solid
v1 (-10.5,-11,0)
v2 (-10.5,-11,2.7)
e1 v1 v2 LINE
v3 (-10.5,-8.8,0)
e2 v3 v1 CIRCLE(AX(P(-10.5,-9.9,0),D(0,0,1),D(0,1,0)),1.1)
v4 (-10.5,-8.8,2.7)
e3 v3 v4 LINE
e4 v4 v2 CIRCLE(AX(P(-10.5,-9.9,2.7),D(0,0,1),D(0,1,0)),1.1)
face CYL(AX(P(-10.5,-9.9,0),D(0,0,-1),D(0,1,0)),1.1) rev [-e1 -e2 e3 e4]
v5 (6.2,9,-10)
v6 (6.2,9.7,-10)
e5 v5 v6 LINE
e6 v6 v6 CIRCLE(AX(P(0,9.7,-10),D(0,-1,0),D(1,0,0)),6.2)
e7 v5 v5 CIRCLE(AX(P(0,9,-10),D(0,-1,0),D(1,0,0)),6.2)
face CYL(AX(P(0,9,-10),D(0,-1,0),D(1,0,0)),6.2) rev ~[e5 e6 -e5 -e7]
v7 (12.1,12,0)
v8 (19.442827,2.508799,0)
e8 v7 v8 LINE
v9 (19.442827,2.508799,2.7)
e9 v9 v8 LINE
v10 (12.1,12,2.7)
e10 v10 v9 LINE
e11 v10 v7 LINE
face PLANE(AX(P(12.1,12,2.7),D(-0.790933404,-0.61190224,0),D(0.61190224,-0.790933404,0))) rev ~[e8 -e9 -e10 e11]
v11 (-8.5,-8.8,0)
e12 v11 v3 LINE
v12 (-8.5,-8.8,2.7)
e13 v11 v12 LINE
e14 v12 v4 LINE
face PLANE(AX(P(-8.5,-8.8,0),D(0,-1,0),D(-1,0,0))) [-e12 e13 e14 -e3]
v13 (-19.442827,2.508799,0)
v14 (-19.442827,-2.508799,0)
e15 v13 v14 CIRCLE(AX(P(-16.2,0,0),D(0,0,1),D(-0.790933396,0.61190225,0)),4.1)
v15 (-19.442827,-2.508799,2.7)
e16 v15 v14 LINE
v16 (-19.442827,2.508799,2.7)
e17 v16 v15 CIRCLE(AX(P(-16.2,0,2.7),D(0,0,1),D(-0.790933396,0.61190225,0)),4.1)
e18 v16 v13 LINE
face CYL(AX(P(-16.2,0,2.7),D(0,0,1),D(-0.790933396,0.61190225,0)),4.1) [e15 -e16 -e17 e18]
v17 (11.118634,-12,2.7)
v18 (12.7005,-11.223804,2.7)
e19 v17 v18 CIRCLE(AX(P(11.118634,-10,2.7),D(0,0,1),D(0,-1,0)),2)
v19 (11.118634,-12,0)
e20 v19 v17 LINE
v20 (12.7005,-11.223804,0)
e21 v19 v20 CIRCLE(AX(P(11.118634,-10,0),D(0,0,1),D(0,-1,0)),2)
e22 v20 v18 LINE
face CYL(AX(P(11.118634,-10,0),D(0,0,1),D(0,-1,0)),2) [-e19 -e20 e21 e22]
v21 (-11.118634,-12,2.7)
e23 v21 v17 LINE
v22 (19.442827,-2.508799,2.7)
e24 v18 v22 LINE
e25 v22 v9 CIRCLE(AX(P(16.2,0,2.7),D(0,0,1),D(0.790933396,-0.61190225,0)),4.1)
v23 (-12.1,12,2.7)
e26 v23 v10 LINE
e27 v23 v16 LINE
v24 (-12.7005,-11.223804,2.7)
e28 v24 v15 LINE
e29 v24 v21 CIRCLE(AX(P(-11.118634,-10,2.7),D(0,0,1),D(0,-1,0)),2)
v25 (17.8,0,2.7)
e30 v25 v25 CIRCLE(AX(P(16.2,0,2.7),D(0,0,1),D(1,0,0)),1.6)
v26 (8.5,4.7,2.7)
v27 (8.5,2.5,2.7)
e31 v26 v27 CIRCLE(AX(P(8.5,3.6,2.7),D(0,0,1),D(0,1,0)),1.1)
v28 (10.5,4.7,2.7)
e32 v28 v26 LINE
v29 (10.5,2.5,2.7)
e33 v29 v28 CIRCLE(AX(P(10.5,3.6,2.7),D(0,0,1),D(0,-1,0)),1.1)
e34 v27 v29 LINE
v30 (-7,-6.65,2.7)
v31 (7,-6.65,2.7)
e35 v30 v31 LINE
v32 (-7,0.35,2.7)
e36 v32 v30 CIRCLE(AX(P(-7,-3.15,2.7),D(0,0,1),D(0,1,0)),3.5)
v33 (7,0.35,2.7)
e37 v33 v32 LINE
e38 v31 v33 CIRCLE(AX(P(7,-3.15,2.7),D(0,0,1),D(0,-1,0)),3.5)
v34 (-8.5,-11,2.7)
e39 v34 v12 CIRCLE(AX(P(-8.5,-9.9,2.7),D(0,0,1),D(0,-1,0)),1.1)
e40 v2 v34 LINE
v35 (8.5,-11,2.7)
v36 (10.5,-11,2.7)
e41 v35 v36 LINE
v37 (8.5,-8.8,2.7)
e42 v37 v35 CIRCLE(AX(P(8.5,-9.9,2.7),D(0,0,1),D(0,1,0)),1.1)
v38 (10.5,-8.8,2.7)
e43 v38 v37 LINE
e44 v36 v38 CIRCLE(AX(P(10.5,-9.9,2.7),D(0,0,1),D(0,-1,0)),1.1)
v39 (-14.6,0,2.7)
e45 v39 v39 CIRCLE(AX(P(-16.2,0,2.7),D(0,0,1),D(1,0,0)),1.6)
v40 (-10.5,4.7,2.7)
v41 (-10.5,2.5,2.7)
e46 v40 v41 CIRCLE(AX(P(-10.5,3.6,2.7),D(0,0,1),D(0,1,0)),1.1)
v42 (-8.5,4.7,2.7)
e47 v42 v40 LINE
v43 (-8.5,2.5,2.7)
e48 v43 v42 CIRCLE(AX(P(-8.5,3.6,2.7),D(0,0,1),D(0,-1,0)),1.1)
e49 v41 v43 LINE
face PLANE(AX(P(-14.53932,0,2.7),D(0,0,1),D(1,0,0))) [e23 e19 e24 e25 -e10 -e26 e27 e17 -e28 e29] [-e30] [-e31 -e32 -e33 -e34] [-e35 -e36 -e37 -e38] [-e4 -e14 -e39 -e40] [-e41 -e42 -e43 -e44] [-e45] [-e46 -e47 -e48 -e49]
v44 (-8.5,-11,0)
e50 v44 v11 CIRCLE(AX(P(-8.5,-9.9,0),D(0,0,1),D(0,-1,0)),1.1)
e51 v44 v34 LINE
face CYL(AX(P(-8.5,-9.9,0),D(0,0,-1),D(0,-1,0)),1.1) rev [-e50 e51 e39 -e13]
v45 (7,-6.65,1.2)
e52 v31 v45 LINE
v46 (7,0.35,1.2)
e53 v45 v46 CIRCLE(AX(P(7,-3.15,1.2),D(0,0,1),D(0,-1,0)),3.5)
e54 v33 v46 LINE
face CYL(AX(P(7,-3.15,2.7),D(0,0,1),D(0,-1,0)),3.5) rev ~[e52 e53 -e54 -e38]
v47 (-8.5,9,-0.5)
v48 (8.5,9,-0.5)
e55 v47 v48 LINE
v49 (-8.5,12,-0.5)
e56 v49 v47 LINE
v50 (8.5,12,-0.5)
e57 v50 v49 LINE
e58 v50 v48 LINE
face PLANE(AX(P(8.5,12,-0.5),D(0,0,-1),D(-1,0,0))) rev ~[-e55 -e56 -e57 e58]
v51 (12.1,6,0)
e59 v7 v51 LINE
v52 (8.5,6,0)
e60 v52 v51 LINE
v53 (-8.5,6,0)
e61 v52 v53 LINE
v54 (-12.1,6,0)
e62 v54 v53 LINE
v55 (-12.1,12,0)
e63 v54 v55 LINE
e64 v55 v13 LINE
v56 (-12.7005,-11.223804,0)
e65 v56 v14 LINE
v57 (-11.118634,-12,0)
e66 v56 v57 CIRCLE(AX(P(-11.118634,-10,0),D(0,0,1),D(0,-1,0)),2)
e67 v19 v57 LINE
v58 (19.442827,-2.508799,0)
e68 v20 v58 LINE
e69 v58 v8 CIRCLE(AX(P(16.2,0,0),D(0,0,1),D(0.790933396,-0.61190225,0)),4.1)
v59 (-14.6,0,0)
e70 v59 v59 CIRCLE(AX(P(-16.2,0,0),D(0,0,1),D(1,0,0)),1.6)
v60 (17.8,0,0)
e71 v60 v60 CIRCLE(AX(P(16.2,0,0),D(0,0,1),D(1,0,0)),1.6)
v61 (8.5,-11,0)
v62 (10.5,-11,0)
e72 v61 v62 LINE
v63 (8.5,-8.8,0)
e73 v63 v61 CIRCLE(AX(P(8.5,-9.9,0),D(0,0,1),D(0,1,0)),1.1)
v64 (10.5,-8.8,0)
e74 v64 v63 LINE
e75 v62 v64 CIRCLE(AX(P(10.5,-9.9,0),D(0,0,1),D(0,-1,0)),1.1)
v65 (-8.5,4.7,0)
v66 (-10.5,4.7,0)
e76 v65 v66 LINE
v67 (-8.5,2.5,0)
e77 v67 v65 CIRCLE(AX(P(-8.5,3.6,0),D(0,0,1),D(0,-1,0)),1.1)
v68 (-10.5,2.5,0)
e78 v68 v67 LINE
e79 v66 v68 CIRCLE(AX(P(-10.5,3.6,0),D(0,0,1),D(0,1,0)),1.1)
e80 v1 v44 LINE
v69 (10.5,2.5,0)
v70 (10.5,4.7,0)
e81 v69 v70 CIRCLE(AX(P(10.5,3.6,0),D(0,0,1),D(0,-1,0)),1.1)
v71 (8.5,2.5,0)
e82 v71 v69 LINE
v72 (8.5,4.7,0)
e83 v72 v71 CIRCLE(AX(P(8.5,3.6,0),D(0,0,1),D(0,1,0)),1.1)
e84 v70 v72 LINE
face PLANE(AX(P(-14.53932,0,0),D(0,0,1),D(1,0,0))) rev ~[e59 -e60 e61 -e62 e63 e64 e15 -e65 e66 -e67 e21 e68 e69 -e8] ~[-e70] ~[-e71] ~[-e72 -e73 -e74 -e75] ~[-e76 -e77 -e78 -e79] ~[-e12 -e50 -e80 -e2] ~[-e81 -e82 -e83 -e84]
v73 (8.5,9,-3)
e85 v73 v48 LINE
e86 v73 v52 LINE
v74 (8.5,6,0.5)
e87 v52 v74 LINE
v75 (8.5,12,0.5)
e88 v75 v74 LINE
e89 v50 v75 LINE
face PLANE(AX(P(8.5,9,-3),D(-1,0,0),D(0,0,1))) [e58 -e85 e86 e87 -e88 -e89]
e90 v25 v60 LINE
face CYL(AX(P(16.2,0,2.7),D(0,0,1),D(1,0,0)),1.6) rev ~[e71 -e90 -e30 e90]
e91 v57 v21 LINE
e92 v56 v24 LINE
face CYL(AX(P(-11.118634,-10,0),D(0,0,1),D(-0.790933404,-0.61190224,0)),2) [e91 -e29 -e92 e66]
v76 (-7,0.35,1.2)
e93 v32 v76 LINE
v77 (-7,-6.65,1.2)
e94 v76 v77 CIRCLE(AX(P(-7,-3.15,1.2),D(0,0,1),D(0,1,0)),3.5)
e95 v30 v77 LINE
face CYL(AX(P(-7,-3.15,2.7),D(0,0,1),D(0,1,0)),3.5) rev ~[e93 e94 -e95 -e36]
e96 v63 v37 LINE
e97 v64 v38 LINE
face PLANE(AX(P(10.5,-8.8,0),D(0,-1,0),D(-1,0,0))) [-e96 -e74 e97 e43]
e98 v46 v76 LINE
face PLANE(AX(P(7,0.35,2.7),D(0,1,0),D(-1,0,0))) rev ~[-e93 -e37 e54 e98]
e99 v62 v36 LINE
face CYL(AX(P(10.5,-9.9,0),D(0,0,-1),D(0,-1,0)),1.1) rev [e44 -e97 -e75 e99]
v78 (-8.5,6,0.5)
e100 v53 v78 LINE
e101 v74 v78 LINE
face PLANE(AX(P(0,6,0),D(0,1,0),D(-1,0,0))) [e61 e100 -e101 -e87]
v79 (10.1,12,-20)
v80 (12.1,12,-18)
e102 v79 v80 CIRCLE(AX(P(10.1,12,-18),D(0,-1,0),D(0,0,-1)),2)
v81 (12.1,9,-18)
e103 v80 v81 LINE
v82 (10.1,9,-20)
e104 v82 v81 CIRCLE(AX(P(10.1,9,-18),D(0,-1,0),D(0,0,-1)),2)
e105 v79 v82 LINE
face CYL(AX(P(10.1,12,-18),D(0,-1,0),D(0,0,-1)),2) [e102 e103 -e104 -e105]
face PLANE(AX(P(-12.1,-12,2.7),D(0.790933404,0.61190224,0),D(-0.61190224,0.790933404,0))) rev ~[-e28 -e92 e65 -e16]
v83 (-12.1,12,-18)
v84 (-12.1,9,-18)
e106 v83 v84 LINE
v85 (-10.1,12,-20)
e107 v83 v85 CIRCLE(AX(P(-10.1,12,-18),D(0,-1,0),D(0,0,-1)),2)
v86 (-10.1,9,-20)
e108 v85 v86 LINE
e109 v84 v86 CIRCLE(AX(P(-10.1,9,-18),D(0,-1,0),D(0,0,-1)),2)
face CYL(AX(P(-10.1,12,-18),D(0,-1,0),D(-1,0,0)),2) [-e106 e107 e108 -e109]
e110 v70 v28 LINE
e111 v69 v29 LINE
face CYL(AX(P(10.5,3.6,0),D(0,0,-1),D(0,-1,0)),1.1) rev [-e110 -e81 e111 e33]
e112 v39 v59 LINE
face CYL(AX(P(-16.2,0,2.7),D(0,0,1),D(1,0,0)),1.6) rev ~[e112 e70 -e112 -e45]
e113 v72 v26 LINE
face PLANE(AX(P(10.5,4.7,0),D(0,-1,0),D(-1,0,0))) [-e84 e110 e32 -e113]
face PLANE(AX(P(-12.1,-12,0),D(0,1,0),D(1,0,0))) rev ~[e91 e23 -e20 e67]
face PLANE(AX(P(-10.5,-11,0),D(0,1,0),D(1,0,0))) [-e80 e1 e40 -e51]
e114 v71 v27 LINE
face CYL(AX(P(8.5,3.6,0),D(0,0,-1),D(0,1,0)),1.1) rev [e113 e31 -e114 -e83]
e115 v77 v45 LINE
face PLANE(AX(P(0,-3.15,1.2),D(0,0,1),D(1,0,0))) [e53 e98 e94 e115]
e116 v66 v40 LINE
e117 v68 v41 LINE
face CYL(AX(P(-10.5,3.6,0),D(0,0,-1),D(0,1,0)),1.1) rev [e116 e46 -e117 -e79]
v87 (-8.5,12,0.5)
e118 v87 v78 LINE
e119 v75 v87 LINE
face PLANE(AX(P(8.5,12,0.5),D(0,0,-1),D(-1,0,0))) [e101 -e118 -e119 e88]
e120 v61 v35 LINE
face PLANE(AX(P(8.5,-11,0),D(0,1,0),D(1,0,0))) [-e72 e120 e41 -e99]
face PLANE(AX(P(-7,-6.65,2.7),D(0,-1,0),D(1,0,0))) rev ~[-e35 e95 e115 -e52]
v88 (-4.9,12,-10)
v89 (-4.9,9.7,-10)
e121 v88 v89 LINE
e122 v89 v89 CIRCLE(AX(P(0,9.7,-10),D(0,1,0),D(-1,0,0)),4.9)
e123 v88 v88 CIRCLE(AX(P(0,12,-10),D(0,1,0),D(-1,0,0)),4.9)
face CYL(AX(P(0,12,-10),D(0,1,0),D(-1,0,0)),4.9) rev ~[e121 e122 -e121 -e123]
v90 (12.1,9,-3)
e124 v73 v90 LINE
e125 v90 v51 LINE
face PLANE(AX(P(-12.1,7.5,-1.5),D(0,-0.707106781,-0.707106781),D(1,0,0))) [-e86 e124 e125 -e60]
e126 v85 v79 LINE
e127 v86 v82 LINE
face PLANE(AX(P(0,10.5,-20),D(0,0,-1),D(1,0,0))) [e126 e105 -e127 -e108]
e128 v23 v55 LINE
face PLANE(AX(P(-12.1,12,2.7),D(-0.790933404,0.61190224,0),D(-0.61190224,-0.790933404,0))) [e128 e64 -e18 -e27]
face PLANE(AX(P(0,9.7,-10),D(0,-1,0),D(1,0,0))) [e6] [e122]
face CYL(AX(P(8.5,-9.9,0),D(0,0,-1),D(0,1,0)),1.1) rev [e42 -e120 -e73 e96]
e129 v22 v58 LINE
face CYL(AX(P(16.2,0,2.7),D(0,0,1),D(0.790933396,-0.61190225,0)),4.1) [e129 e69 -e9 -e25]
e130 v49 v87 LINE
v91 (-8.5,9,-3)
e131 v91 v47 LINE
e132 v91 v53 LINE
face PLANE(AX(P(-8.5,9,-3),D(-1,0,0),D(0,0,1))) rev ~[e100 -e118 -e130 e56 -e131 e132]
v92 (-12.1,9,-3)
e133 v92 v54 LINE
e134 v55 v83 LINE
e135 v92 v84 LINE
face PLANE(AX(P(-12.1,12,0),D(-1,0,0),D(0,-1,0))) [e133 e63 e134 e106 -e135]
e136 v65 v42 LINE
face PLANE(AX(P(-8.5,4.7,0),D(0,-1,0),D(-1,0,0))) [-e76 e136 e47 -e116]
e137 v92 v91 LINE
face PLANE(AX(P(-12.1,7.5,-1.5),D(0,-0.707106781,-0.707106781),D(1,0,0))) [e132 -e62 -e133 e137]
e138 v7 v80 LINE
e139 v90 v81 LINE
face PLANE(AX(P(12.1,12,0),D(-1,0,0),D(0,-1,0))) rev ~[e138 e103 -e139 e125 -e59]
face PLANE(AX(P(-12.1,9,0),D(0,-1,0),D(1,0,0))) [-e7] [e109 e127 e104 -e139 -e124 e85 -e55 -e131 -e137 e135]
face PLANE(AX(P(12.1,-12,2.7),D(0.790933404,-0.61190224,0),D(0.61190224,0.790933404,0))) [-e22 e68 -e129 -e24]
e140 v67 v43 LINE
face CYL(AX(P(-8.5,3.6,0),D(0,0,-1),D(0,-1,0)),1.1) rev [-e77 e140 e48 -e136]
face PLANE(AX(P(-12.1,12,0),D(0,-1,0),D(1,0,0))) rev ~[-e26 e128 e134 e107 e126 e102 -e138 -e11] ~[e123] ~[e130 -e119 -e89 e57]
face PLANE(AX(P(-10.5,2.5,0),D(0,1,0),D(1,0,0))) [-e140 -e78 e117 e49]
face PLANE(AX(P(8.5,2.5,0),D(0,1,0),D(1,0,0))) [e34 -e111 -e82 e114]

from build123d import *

# Parameters (mm, degrees)
SKETCH_W        = 24.2
SKETCH_H        = 24
PAD_DEPTH       = 2.7
SKETCH001_W     = 24.2
SKETCH001_H     = 3
PAD001_DEPTH    = 20
POCKET_DEPTH    = 1.5
CHAMFER_SIZE    = 3
SKETCH003_W     = 17
SKETCH003_H     = 3
POCKET001_DEPTH = 21.001
SKETCH004_W     = 17
SKETCH004_H     = 1
POCKET002_DEPTH = 6
SKETCH005_R     = 4.9
POCKET003_DEPTH = 2.3
SKETCH006_R     = 6.2
POCKET004_DEPTH = 0.7
SKETCH007_R     = 1.6
PAD002_DEPTH    = 2.7
FILLET_R        = 2


with BuildPart() as part:
    # Sketch → Pad (new body)
    with BuildSketch(Plane.XY):
        Rectangle(SKETCH_W, SKETCH_H)
        with BuildLine():
            ThreePointArc((-10.5, 4.7), (-11.6, 3.6), (-10.5, 2.5))
            Line((-10.5, 2.5), (-8.5, 2.5))
            ThreePointArc((-8.5, 2.5), (-7.4, 3.6), (-8.5, 4.7))
            Line((-8.5, 4.7), (-10.5, 4.7))
        make_face(mode=Mode.SUBTRACT)
        with BuildLine():
            ThreePointArc((-10.5, -8.8), (-11.6, -9.9), (-10.5, -11))
            Line((-10.5, -11), (-8.5, -11))
            ThreePointArc((-8.5, -11), (-7.4, -9.9), (-8.5, -8.8))
            Line((-8.5, -8.8), (-10.5, -8.8))
        make_face(mode=Mode.SUBTRACT)
        with BuildLine():
            ThreePointArc((10.5, -11), (11.6, -9.9), (10.5, -8.8))
            Line((10.5, -8.8), (8.5, -8.8))
            ThreePointArc((8.5, -8.8), (7.4, -9.9), (8.5, -11))
            Line((8.5, -11), (10.5, -11))
        make_face(mode=Mode.SUBTRACT)
        with BuildLine():
            ThreePointArc((10.5, 2.5), (11.6, 3.6), (10.5, 4.7))
            Line((10.5, 4.7), (8.5, 4.7))
            ThreePointArc((8.5, 4.7), (7.4, 3.6), (8.5, 2.5))
            Line((8.5, 2.5), (10.5, 2.5))
        make_face(mode=Mode.SUBTRACT)
    extrude(amount=PAD_DEPTH)

    # Sketch001 (on Face21 of Pad) → Pad001 (join)
    with BuildSketch(Plane(origin=(0, 0, 0), x_dir=(1, 0, 0), z_dir=(0, 0, -1))):
        with Locations((0, -10.5)):
            Rectangle(SKETCH001_W, SKETCH001_H)
    extrude(amount=PAD001_DEPTH)

    # Sketch002 (on Face5 of Pad001) → Pocket (cut)
    with BuildSketch(Plane.XY.offset(2.7)):
        with BuildLine():
            ThreePointArc((-7, 0.35), (-10.5, -3.15), (-7, -6.65))
            Line((-7, -6.65), (7, -6.65))
            ThreePointArc((7, -6.65), (10.5, -3.15), (7, 0.35))
            Line((7, 0.35), (-7, 0.35))
        make_face()
    extrude(amount=-POCKET_DEPTH, mode=Mode.SUBTRACT)

    # Chamfer
    chamfer_edges = [part.edges().sort_by_distance(p)[0] for p in [
        (0, 9, 0),
    ]]
    chamfer(chamfer_edges, length=CHAMFER_SIZE)

    # Sketch003 (on Face25 of Chamfer) → Pocket001 (cut, through all)
    with BuildSketch(Plane.XZ.offset(-9)):
        with Locations((0, -1.5)):
            Rectangle(SKETCH003_W, SKETCH003_H)
    extrude(amount=POCKET001_DEPTH, mode=Mode.SUBTRACT)

    # Sketch004 (on Face6 of Pocket001) → Pocket002 (cut)
    with BuildSketch(Plane(origin=(0, 12, 0), x_dir=(-1, 0, 0), z_dir=(0, 1, 0))):
        Rectangle(SKETCH004_W, SKETCH004_H)
    extrude(amount=-POCKET002_DEPTH, mode=Mode.SUBTRACT)

    # Sketch005 (on Face17 of Pocket002) → Pocket003 (cut)
    with BuildSketch(Plane(origin=(0, 12, 0), x_dir=(-1, 0, 0), z_dir=(0, 1, 0))):
        with Locations((0, -10)):
            Circle(SKETCH005_R)
    extrude(amount=-POCKET003_DEPTH, mode=Mode.SUBTRACT)

    # Sketch006 (on Face15 of Pocket003) → Pocket004 (cut)
    with BuildSketch(Plane.XZ.offset(-9)):
        with Locations((0, -10)):
            Circle(SKETCH006_R)
    extrude(amount=-POCKET004_DEPTH, mode=Mode.SUBTRACT)

    # Sketch007 (on Face5 of Pocket004) → Pad002 (join)
    with BuildSketch(Plane.XY.offset(2.7)):
        with BuildLine():
            ThreePointArc((-19.442827, 2.508799), (-20.3, 0), (-19.442827, -2.508799))
            Line((-12.1, -12), (-19.442827, -2.508799))
            Line((-12.1, -12), (-12.1, 12))
            Line((-12.1, 12), (-19.442827, 2.508799))
        make_face()
        with Locations((-16.2, 0)):
            Circle(SKETCH007_R, mode=Mode.SUBTRACT)
        with BuildLine():
            ThreePointArc((19.442827, -2.508799), (20.3, 0), (19.442827, 2.508799))
            Line((12.1, 12), (19.442827, 2.508799))
            Line((12.1, 12), (12.1, -12))
            Line((12.1, -12), (19.442827, -2.508799))
        make_face()
        with Locations((16.2, 0)):
            Circle(SKETCH007_R, mode=Mode.SUBTRACT)
    extrude(amount=-PAD002_DEPTH)

    # Fillet
    fillet_edges = [part.edges().sort_by_distance(p)[0] for p in [
        (12.1, -12, 1.35),
        (-12.1, -12, 1.35),
        (12.1, 10.5, -20),
        (-12.1, 10.5, -20),
    ]]
    fillet(fillet_edges, radius=FILLET_R)


solid = part.part
